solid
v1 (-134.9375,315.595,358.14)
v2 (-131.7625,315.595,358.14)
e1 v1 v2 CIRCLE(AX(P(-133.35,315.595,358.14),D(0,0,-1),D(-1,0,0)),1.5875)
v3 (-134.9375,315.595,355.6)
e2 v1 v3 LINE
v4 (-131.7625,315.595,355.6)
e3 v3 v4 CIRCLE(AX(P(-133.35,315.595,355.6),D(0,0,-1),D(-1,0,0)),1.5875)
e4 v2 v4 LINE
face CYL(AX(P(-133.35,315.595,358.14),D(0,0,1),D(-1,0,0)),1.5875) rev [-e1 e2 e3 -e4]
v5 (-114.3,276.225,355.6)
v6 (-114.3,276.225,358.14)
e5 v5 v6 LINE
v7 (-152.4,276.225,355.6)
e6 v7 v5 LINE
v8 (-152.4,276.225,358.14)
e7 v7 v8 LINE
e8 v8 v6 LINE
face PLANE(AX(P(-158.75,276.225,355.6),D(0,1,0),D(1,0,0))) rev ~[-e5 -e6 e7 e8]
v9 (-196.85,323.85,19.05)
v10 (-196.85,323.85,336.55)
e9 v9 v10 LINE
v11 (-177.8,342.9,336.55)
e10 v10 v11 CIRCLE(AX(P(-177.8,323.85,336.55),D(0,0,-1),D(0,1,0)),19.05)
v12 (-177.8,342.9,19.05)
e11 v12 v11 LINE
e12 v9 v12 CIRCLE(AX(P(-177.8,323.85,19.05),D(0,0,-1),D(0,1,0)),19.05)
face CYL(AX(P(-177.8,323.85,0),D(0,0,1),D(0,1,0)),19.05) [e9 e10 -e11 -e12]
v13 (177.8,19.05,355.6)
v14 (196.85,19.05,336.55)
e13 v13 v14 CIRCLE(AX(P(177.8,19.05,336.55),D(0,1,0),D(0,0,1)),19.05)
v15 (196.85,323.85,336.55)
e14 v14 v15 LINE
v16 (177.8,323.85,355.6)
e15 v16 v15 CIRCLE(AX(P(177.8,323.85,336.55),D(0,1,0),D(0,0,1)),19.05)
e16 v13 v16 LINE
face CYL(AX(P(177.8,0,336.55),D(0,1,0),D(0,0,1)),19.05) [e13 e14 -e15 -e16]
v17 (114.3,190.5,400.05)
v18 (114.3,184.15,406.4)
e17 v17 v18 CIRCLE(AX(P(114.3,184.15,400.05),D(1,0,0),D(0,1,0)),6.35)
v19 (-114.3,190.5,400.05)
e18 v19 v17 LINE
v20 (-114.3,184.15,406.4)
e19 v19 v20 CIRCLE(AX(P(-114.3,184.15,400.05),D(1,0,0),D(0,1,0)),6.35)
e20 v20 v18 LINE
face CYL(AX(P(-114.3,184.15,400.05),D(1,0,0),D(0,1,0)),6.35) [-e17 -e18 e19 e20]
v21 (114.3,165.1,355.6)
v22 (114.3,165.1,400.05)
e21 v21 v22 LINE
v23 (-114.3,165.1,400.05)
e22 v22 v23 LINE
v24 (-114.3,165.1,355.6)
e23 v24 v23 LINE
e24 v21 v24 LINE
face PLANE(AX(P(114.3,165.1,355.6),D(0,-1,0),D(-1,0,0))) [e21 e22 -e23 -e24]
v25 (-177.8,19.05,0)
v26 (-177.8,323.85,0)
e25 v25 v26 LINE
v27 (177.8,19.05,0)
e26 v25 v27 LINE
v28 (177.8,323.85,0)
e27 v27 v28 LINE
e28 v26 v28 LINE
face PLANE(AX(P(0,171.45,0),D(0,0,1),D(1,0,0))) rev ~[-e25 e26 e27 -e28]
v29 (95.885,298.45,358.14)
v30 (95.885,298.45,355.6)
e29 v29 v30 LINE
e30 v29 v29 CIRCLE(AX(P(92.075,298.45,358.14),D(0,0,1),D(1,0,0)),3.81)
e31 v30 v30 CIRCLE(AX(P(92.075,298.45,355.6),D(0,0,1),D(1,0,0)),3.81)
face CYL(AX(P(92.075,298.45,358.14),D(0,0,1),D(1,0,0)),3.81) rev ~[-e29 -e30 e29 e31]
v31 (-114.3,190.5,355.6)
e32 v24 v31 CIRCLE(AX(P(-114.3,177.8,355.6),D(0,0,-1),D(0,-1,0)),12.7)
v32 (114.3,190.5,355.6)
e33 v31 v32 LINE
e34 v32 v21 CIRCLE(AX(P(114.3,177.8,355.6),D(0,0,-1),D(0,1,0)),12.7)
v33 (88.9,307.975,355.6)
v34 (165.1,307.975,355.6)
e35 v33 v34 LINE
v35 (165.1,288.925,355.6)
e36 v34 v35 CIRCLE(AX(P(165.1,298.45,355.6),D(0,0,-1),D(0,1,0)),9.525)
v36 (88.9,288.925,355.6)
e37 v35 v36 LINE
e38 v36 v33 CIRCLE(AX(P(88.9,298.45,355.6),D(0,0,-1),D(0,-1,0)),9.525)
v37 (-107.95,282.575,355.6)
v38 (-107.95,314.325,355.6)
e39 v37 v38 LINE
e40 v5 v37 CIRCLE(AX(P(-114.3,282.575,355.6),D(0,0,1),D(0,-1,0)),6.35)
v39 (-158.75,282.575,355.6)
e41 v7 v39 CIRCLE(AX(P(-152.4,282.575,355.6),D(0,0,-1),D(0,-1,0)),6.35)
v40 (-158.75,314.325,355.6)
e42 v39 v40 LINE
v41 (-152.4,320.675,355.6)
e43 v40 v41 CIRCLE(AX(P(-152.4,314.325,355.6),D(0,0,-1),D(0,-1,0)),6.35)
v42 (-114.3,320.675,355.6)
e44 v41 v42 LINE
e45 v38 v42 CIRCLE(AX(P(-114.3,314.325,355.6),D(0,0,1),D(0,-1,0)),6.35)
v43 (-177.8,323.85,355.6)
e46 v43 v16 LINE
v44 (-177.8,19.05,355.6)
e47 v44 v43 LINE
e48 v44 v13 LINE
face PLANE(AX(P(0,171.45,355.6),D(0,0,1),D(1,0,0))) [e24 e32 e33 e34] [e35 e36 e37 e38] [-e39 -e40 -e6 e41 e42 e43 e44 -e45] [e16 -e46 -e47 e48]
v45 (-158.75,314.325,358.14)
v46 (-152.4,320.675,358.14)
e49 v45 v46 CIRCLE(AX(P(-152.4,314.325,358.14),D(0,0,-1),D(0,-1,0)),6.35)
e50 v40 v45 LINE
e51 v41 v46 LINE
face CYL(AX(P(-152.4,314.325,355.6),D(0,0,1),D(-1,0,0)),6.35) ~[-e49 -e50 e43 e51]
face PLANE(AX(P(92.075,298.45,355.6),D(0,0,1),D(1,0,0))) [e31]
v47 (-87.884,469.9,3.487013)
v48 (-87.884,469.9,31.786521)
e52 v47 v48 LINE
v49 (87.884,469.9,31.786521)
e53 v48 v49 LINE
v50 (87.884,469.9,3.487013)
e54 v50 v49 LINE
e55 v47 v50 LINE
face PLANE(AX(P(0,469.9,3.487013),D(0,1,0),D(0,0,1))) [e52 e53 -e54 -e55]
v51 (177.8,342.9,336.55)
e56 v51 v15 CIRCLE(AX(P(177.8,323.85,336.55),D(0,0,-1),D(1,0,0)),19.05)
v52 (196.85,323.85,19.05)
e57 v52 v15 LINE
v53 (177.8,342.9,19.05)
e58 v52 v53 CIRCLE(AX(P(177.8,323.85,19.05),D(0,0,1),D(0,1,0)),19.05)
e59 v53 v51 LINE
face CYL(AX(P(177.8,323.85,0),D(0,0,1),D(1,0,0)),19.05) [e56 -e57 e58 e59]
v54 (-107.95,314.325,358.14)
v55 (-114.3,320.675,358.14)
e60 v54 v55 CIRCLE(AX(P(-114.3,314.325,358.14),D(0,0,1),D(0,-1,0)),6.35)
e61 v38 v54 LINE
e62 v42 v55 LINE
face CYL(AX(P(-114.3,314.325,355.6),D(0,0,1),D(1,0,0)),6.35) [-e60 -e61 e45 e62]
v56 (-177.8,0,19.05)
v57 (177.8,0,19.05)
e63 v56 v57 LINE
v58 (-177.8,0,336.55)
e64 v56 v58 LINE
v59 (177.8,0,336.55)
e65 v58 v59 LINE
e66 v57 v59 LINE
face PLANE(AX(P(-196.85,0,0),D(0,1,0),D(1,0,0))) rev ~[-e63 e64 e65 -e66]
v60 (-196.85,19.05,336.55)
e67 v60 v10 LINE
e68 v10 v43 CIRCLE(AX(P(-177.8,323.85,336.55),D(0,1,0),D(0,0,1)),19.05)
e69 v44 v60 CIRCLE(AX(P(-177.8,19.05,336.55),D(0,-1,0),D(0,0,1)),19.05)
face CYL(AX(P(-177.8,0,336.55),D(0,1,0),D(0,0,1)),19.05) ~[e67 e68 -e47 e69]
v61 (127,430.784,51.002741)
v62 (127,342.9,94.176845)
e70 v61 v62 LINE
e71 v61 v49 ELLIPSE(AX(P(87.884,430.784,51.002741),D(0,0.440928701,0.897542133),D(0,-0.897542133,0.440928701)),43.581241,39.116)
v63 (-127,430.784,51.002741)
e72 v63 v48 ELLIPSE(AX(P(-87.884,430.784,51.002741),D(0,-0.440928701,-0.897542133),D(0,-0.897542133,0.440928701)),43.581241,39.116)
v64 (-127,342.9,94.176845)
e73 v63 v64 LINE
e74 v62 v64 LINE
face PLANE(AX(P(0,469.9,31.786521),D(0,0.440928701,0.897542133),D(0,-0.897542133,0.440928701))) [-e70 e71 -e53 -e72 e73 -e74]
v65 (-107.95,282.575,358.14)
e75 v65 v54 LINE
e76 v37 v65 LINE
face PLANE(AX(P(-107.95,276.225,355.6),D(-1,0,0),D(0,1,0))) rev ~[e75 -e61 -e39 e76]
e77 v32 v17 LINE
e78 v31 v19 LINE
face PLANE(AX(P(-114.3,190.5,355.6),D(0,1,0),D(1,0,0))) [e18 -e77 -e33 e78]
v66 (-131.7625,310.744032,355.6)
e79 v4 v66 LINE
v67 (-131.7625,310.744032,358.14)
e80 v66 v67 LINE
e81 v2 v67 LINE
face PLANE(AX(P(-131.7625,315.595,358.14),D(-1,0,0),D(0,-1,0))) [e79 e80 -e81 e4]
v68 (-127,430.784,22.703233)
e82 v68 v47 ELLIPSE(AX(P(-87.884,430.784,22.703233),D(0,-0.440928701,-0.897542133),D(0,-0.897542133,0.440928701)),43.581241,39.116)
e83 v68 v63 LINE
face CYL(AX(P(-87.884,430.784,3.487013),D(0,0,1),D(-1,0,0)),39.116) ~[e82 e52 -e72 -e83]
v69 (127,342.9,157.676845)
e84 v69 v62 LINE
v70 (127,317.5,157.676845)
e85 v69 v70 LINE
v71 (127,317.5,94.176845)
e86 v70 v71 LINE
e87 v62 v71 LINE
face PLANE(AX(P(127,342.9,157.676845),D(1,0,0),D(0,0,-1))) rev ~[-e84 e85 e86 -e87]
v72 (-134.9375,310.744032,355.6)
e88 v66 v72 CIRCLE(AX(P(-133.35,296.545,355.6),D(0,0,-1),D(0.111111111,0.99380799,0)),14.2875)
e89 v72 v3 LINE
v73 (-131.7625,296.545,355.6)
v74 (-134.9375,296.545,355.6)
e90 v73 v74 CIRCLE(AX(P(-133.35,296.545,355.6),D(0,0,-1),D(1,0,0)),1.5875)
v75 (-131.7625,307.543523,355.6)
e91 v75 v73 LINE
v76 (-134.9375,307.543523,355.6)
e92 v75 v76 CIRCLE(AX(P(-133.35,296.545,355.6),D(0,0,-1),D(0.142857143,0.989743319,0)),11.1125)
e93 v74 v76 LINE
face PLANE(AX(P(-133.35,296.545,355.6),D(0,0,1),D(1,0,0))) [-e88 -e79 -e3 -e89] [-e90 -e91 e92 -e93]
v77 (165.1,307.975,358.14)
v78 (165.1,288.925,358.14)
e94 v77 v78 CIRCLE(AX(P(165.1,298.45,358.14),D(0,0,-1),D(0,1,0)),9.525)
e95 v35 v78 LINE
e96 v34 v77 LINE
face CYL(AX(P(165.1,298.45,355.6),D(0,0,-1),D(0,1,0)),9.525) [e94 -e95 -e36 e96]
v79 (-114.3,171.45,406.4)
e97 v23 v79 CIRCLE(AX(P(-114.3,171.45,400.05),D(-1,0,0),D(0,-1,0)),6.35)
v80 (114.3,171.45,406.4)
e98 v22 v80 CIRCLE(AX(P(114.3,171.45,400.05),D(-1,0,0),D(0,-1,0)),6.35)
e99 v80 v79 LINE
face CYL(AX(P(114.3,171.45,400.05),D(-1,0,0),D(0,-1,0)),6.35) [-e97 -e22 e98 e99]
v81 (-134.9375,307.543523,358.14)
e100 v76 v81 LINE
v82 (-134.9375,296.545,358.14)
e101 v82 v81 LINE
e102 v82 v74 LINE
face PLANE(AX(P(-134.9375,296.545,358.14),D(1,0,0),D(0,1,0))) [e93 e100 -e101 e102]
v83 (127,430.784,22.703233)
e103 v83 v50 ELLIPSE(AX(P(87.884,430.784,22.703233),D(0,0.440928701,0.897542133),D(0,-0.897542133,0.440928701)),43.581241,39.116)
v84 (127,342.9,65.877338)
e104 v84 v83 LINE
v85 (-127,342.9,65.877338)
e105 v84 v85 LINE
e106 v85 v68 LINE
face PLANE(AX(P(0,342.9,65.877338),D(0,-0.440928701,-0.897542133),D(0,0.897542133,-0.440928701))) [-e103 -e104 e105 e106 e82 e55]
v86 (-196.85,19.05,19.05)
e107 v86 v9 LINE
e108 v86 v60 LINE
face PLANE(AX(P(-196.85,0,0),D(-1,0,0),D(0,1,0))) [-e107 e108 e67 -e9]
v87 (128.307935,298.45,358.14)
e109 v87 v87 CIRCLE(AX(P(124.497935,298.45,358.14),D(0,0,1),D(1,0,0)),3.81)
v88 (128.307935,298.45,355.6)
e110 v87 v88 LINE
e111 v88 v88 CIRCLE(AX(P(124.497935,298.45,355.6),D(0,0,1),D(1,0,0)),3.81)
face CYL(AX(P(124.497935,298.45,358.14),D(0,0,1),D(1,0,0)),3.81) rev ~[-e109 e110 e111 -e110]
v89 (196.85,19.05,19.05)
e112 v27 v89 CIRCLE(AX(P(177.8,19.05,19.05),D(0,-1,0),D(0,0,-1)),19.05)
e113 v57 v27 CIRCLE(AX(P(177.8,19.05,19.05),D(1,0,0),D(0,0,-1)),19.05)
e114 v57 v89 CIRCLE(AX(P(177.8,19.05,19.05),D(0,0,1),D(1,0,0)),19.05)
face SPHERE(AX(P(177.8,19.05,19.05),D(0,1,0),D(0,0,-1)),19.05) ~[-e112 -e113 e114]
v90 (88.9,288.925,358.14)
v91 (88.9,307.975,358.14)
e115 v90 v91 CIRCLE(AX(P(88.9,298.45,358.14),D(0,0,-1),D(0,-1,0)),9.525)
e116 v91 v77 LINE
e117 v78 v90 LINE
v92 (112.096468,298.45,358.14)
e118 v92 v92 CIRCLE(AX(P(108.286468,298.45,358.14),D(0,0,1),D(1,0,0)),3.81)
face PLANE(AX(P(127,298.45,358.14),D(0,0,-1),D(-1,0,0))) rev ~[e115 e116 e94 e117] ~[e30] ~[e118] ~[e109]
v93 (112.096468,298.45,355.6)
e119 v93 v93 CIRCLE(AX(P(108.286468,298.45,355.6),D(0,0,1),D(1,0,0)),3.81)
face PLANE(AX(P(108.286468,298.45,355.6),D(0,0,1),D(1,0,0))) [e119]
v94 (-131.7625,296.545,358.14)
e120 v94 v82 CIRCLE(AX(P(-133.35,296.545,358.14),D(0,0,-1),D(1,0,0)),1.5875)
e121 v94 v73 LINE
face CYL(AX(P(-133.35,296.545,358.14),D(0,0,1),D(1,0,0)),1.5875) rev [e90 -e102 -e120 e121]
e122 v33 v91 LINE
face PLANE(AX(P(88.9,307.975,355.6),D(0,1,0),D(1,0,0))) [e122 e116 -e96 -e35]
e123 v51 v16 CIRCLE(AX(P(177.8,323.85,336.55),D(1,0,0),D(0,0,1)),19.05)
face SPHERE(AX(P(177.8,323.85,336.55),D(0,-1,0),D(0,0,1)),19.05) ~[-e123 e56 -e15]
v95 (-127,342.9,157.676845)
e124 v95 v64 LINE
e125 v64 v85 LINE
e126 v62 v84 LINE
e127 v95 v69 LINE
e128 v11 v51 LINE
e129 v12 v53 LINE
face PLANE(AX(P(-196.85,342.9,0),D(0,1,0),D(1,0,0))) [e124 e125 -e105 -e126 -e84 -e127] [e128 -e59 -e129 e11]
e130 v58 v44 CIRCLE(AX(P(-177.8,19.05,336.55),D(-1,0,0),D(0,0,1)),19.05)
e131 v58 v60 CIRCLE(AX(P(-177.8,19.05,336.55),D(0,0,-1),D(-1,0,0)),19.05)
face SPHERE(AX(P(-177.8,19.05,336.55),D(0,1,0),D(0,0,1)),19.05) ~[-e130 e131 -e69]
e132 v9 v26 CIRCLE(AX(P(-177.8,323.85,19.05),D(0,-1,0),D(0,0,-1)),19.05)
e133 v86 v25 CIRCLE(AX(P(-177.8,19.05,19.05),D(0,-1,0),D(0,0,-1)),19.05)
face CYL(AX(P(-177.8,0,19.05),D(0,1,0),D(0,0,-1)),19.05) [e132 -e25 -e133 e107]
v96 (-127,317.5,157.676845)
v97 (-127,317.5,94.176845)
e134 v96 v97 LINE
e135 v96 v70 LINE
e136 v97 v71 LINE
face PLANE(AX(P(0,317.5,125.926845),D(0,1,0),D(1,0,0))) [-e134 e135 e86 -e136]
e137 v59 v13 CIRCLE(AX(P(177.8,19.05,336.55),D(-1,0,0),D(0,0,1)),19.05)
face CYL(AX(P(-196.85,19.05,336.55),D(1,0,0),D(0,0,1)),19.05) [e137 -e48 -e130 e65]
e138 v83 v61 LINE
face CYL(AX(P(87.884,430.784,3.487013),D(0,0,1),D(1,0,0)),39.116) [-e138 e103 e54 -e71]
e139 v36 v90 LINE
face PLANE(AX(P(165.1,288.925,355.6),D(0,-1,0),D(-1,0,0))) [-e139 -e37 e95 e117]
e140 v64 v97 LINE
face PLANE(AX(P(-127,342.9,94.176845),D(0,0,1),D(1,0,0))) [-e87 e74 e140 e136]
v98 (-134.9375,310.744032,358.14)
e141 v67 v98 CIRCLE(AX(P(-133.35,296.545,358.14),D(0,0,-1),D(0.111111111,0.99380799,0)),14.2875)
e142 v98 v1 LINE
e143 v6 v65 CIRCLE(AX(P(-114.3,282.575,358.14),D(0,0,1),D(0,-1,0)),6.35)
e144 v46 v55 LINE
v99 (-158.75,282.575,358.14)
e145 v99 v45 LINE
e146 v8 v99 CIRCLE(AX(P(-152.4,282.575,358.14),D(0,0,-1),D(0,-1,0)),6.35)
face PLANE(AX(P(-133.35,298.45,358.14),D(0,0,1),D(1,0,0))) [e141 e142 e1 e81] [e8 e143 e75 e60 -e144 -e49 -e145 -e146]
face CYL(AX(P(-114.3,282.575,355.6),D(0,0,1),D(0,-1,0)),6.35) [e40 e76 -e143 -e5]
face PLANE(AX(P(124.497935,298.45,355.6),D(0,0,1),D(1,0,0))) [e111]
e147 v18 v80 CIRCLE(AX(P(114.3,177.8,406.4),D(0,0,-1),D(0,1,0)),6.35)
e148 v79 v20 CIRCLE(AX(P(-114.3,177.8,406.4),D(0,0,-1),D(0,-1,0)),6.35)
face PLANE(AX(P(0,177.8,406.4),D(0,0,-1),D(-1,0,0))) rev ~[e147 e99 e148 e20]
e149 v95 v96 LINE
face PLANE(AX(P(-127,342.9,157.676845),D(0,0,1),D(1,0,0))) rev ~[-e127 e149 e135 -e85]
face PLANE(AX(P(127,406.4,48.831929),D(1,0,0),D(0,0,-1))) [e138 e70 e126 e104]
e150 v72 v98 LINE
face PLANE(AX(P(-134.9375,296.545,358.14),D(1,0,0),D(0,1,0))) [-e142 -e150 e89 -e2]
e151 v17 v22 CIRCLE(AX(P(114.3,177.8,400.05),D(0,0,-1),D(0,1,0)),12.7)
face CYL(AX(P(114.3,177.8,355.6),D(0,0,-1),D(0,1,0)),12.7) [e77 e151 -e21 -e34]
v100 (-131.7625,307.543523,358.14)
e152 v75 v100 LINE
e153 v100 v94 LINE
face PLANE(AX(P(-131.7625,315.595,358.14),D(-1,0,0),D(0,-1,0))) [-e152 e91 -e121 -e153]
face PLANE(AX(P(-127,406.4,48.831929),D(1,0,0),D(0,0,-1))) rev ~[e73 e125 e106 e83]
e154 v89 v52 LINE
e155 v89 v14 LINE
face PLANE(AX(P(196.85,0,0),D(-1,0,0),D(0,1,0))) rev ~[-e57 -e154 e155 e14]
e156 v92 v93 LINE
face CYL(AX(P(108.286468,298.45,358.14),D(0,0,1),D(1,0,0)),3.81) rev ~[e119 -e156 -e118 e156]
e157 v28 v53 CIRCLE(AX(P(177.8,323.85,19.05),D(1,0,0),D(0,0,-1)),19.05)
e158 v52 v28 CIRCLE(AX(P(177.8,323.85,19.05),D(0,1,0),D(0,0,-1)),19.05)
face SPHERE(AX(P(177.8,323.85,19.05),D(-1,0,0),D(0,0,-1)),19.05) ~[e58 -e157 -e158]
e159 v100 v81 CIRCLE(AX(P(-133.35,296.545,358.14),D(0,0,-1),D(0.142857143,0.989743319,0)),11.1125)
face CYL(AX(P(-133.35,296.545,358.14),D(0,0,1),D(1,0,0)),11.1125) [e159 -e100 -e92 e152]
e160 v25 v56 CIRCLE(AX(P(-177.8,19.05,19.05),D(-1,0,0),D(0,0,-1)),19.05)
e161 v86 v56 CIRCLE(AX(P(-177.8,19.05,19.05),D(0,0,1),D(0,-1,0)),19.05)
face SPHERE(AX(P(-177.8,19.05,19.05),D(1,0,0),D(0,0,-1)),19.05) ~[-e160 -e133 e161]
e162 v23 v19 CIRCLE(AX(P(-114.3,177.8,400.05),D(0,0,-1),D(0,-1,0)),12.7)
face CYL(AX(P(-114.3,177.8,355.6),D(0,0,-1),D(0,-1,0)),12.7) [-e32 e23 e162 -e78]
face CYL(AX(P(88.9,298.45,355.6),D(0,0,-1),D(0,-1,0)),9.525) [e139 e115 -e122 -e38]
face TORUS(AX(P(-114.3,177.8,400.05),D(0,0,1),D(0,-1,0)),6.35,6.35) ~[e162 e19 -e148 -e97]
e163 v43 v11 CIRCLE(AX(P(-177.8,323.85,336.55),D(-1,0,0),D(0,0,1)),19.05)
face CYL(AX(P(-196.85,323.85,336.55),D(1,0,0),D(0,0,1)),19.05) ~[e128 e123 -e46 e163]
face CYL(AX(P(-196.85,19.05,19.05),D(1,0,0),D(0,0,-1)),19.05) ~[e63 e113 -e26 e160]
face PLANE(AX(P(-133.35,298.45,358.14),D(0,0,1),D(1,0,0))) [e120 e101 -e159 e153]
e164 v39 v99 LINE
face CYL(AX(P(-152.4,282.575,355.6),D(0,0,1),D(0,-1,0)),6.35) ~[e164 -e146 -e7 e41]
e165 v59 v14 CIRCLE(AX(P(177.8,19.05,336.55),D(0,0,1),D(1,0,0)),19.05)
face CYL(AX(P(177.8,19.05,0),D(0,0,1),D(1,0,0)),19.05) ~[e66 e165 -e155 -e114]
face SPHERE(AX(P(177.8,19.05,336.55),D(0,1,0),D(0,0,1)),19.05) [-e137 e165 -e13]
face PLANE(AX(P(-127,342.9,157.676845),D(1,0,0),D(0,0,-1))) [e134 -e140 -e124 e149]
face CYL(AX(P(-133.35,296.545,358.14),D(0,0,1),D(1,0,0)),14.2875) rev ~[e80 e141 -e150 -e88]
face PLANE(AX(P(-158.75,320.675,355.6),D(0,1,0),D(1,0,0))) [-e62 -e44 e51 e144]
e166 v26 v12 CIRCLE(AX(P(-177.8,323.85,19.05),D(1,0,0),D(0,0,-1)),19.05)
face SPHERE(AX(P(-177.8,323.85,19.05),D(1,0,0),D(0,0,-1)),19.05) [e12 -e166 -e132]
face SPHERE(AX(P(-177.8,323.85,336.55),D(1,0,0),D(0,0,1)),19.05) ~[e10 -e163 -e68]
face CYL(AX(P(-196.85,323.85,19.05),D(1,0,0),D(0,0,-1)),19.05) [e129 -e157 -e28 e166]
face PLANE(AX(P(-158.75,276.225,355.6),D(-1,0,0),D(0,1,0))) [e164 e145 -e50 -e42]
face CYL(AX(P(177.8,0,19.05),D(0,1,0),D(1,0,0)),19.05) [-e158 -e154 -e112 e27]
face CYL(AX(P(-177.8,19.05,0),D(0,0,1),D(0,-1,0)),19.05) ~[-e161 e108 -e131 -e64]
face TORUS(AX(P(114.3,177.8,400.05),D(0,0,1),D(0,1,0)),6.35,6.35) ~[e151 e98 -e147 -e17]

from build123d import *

# Parameters (mm, degrees)
SKETCH1_W           = 393.7
SKETCH1_H           = 342.9
BOSS_EXTRUDE1_DEPTH = 355.6
SKETCH2_W           = 50.8
SKETCH2_H           = 44.45
BOSS_EXTRUDE2_DEPTH = 2.54
BOSS_EXTRUDE3_DEPTH = 2.54
SKETCH4_R           = 3.81
CUT_EXTRUDE1_DEPTH  = 2.54
BOSS_EXTRUDE4_DEPTH = 50.8
FILLET1_R           = 6.35
FILLET2_R           = 6.35
SKETCH6_R           = 14.2875
SKETCH6_R_2         = 11.1125
CUT_EXTRUDE2_DEPTH  = 2.54
FILLET3_R           = 19.05
BOSS_EXTRUDE5_DEPTH = 127
FILLET4_R           = 39.116
SKETCH8_W           = 254
SKETCH8_H           = 63.5
CUT_EXTRUDE3_DEPTH  = 25.4


with BuildPart() as part:
    # Sketch1 → Boss-Extrude1 (new body)
    with BuildSketch(Plane.XY):
        with Locations((0, 171.45)):
            Rectangle(SKETCH1_W, SKETCH1_H)
    extrude(amount=BOSS_EXTRUDE1_DEPTH)

    # Sketch2 → Boss-Extrude2 (add)
    with BuildSketch(Plane.XY.offset(355.6)):
        with Locations((-133.35, 298.45)):
            Rectangle(SKETCH2_W, SKETCH2_H)
    extrude(amount=BOSS_EXTRUDE2_DEPTH)

    # Sketch3 → Boss-Extrude3 (add)
    with BuildSketch(Plane.XY.offset(355.6)):
        with BuildLine():
            Line((88.9, 307.975), (165.1, 307.975))
            ThreePointArc((165.1, 307.975), (174.625, 298.45), (165.1, 288.925))
            Line((165.1, 288.925), (88.9, 288.925))
            ThreePointArc((88.9, 288.925), (79.375, 298.45), (88.9, 307.975))
        make_face()
    extrude(amount=BOSS_EXTRUDE3_DEPTH)

    # Sketch4 → Cut-Extrude1 (cut)
    with BuildSketch(Plane.XY.offset(358.14)):
        with Locations((92.075, 298.45)):
            Circle(SKETCH4_R)
        with Locations((108.286467636, 298.45)):
            Circle(SKETCH4_R)
        with Locations((124.497935272, 298.45)):
            Circle(SKETCH4_R)
    extrude(amount=-CUT_EXTRUDE1_DEPTH, mode=Mode.SUBTRACT)

    # Sketch5 → Boss-Extrude4 (add)
    with BuildSketch(Plane.XY.offset(355.6)):
        with BuildLine():
            Line((-114.3, 190.5), (114.3, 190.5))
            ThreePointArc((114.3, 190.5), (127, 177.8), (114.3, 165.1))
            Line((114.3, 165.1), (-114.3, 165.1))
            ThreePointArc((-114.3, 165.1), (-127, 177.8), (-114.3, 190.5))
        make_face()
    extrude(amount=BOSS_EXTRUDE4_DEPTH)

    # Fillet1
    fillet1_edges = [part.edges().sort_by_distance(p)[0] for p in [
        (-127, 177.8, 406.4),
        (0, 165.1, 406.4),
        (127, 177.8, 406.4),
        (0, 190.5, 406.4),
    ]]
    fillet(fillet1_edges, radius=FILLET1_R)

    # Fillet2
    fillet2_edges = [part.edges().sort_by_distance(p)[0] for p in [
        (-107.95, 276.225, 356.87),
        (-107.95, 320.675, 356.87),
        (-158.75, 320.675, 356.87),
        (-158.75, 276.225, 356.87),
    ]]
    fillet(fillet2_edges, radius=FILLET2_R)

    # Sketch6 → Cut-Extrude2 (cut)
    # profile 1 of 2: a face of its own
    with BuildSketch(Plane.XY.offset(358.14)):
        with Locations((-133.35, 296.545)):
            Circle(SKETCH6_R)
        with Locations((-133.35, 296.545)):
            Circle(SKETCH6_R_2, mode=Mode.SUBTRACT)
    # profile 2 of 2: a face of its own
    with BuildSketch(Plane.XY.offset(358.14)):
        with BuildLine():
            Line((-134.9375, 296.545), (-134.9375, 315.595))
            ThreePointArc((-134.9375, 315.595), (-133.35, 317.1825), (-131.7625, 315.595))
            Line((-131.7625, 315.595), (-131.7625, 296.545))
            ThreePointArc((-131.7625, 296.545), (-133.35, 294.9575), (-134.9375, 296.545))
        make_face()
    extrude(amount=-CUT_EXTRUDE2_DEPTH, mode=Mode.SUBTRACT)

    # Fillet3
    fillet3_edges = [part.edges().sort_by_distance(p)[0] for p in [
        (196.85, 171.45, 355.6),
        (0, 342.9, 355.6),
        (-196.85, 171.45, 355.6),
        (0, 342.9, 0),
        (196.85, 171.45, 0),
        (0, 0, 0),
        (-196.85, 171.45, 0),
        (0, 0, 355.6),
        (-196.85, 342.9, 177.8),
        (196.85, 342.9, 177.8),
        (196.85, 0, 177.8),
        (-196.85, 0, 177.8),
    ]]
    fillet(fillet3_edges, radius=FILLET3_R)

    # Sketch7 → Boss-Extrude5 (add, symmetric)
    with BuildSketch(Plane(origin=(0, 0, 0), x_dir=(0, 0, -1), z_dir=(1, 0, 0))):
        Polygon((-65.877338054, 342.9), (-3.487013452, 469.9), (-31.786520589, 469.9), (-94.17684519, 342.9), align=None)
    extrude(amount=BOSS_EXTRUDE5_DEPTH, both=True)

    # Fillet4
    fillet4_edges = [part.edges().sort_by_distance(p)[0] for p in [
        (-127, 469.9, 17.636767021),
        (127, 469.9, 17.636767021),
    ]]
    fillet(fillet4_edges, radius=FILLET4_R)

    # Sketch8 → Cut-Extrude3 (cut)
    with BuildSketch(Plane(origin=(0, 342.9, 0), x_dir=(1, 0, 0), z_dir=(0, 1, 0))):
        with Locations((0, -125.92684519)):
            Rectangle(SKETCH8_W, SKETCH8_H)
    extrude(amount=-CUT_EXTRUDE3_DEPTH, mode=Mode.SUBTRACT)


solid = part.part
